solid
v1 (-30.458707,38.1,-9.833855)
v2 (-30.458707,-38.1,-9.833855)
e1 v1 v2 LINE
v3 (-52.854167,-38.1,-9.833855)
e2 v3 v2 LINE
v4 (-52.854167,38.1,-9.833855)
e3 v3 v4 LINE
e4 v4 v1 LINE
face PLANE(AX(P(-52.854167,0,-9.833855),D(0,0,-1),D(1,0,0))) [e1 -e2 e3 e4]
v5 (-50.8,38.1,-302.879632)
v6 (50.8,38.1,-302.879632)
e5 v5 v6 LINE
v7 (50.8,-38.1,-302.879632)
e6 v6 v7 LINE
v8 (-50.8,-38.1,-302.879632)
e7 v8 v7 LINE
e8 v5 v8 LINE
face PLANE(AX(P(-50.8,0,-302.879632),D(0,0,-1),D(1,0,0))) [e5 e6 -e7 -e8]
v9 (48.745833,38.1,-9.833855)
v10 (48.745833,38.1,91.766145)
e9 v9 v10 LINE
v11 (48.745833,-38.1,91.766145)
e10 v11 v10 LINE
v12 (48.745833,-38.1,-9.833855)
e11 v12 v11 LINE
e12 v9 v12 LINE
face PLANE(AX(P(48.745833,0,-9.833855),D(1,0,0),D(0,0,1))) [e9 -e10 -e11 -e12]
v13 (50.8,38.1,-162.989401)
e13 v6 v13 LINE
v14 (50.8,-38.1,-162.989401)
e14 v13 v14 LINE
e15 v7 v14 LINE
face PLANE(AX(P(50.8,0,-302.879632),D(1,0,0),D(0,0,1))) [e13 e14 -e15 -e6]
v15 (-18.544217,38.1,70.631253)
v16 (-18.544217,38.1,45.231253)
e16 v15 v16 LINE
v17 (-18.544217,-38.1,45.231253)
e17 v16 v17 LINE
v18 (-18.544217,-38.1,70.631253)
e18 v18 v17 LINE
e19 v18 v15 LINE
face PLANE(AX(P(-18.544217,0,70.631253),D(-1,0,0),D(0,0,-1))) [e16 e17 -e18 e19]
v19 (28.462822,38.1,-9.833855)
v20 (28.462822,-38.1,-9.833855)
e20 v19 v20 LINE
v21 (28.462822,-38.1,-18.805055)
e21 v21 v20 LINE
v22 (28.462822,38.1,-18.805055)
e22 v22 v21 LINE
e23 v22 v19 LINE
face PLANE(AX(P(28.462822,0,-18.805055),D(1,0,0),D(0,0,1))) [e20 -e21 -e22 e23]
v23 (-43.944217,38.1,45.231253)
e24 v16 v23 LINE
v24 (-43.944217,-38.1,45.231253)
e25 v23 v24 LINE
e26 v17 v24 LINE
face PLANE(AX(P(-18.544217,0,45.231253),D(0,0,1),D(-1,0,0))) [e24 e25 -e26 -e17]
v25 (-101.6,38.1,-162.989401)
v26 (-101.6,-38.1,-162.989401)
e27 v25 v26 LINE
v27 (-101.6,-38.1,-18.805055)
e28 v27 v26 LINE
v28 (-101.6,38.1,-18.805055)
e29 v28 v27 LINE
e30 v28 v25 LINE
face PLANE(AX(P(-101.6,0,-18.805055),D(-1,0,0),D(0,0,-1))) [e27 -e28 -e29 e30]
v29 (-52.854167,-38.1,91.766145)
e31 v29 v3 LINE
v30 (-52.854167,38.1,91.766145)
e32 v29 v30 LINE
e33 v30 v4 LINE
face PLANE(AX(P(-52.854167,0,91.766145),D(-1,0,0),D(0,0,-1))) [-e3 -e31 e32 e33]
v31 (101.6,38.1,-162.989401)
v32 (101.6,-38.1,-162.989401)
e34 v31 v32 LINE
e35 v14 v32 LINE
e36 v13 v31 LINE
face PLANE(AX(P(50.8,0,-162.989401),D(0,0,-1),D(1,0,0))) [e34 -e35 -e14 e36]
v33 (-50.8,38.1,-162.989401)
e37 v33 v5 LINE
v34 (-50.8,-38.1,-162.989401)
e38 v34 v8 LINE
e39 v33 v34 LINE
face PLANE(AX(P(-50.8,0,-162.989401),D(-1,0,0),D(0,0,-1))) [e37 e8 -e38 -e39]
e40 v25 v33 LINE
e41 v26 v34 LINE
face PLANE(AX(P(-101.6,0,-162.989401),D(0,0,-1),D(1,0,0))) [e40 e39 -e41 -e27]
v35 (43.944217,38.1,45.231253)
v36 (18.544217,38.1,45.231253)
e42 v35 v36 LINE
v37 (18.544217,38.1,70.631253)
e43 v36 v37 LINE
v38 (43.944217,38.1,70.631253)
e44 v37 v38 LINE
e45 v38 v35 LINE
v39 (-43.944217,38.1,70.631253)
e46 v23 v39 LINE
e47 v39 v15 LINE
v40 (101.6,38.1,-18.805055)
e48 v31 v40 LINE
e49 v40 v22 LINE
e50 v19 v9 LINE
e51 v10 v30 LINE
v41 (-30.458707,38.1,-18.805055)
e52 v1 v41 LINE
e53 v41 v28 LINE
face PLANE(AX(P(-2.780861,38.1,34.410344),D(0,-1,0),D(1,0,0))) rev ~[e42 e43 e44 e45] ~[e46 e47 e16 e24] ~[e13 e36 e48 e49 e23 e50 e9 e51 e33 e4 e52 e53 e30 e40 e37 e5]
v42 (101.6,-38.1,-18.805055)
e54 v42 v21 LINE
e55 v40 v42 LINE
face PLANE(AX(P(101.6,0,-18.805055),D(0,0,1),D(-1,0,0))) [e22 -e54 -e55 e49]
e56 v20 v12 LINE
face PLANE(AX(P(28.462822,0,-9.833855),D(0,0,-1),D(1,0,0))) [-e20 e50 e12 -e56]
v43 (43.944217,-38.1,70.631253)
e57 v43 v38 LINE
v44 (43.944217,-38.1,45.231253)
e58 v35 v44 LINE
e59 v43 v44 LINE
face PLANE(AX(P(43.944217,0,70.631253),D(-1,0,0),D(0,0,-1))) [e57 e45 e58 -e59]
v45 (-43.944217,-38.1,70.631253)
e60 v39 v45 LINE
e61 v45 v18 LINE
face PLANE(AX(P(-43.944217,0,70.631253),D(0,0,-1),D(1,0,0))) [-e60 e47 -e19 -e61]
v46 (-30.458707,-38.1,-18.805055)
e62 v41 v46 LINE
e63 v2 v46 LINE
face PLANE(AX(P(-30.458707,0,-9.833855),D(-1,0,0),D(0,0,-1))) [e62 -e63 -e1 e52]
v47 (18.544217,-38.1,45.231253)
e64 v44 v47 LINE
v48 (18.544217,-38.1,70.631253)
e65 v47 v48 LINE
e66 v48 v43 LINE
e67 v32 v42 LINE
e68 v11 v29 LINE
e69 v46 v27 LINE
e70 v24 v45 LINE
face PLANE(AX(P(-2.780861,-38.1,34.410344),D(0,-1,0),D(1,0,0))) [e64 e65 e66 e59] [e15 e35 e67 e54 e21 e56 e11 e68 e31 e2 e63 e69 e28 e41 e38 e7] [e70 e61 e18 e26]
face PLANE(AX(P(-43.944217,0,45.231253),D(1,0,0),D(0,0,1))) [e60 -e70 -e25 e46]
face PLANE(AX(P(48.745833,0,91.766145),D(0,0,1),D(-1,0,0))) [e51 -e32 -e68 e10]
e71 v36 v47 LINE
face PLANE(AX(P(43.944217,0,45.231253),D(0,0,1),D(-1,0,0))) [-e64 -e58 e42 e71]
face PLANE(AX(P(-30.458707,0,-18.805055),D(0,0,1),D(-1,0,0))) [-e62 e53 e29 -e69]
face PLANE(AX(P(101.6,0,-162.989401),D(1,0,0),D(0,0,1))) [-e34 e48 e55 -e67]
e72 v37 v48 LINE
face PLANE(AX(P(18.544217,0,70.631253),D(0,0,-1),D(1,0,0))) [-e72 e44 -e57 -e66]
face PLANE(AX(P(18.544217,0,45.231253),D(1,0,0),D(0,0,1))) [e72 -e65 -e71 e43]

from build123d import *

# Parameters (mm, degrees)
F0_W     = 58.9215288217
F0_H     = 8.9712000314
F0_H_2   = 1.1887999686
F0_W_2   = 50.8
F0_H_3   = 93.8377175136
F0_H_4   = 50.346628223
F0_H_5   = 109.2197667617
F0_H_6   = 30.6704640388
F1_DEPTH = 38.1


with BuildPart() as f1:
    # F0 (on Front) → F1 (new body, symmetric)
    with BuildSketch(Plane.XZ):
        Polygon((-52.8541674206, 65.5549615622), (-52.8541674206, -9.8338549508), (-30.4587072518, -9.8338549508), (28.4628215698, -9.8338549508), (48.7458325794, -9.8338549508), (48.7458325794, 71.4190080762), (33.4042608738, 71.4190080762), (33.4042608738, 75.9503096342), (8.8818948716, 75.9503096342), (8.8818948716, 71.6855600476), (-20.7048710436, 71.6855600476), (-20.7048710436, 79.6819776297), (-47.3596155643, 79.6819776297), (-47.3596155643, 65.5549615622), align=None)
        Polygon((-18.5442172647, 45.2312529087), (-43.9442172647, 45.2312529087), (-43.9442172647, 70.6312529087), (-31.2442172647, 70.6312529087), (-18.5442172647, 70.6312529087), (-18.5442172647, 53.8268759847), align=None, mode=Mode.SUBTRACT)
        Polygon((43.9442172647, 45.2312529087), (18.5442172647, 45.2312529087), (18.5442172647, 70.6312529087), (31.2442172647, 70.6312529087), (43.9442172647, 70.6312529087), (43.9442172647, 53.8268759847), align=None, mode=Mode.SUBTRACT)
        with Locations((-0.997942841, -14.3194549665)):
            Rectangle(F0_W, F0_H)
        Polygon((-52.8541674206, 91.7661450492), (-52.8541674206, 65.5549615622), (-47.3596155643, 65.5549615622), (-47.3596155643, 79.6819776297), (-20.7048710436, 79.6819776297), (-20.7048710436, 71.6855600476), (8.8818948716, 71.6855600476), (8.8818948716, 75.9503096342), (33.4042608738, 75.9503096342), (33.4042608738, 71.4190080762), (48.7458325794, 71.4190080762), (48.7458325794, 91.7661450492), align=None)
        with Locations((-0.997942841, -19.3994549665)):
            Rectangle(F0_W, F0_H_2)
        Polygon((-30.4587072518, -19.9938549508), (-30.4587072518, -18.8050549821), (-50.8, -18.8050549821), (-50.8, -112.6427724957), (-50.8, -162.9894007187), (0, -162.9894007187), (50.8, -162.9894007187), (50.8, -112.6427724957), (50.8, -18.8050549821), (28.4628215698, -18.8050549821), (28.4628215698, -19.9938549508), align=None)
        with Locations((-76.2, -65.7239137389)):
            Rectangle(F0_W_2, F0_H_3)
        Polygon((53.1537466286, -18.8050549821), (50.8, -18.8050549821), (50.8, -112.6427724957), (101.6, -112.6427724957), (101.6, -18.8050549821), align=None)
        with Locations((-76.2, -137.8160866072)):
            Rectangle(F0_W_2, F0_H_4)
        with Locations((76.2, -137.8160866072)):
            Rectangle(F0_W_2, F0_H_4)
        with Locations((-25.4, -217.5992840996)):
            Rectangle(F0_W_2, F0_H_5)
        with Locations((25.4, -217.5992840996)):
            Rectangle(F0_W_2, F0_H_5)
        with Locations((-25.4, -287.5443994999)):
            Rectangle(F0_W_2, F0_H_6)
        with Locations((25.4, -287.5443994999)):
            Rectangle(F0_W_2, F0_H_6)
    extrude(amount=F1_DEPTH, both=True)


solid = f1.part
